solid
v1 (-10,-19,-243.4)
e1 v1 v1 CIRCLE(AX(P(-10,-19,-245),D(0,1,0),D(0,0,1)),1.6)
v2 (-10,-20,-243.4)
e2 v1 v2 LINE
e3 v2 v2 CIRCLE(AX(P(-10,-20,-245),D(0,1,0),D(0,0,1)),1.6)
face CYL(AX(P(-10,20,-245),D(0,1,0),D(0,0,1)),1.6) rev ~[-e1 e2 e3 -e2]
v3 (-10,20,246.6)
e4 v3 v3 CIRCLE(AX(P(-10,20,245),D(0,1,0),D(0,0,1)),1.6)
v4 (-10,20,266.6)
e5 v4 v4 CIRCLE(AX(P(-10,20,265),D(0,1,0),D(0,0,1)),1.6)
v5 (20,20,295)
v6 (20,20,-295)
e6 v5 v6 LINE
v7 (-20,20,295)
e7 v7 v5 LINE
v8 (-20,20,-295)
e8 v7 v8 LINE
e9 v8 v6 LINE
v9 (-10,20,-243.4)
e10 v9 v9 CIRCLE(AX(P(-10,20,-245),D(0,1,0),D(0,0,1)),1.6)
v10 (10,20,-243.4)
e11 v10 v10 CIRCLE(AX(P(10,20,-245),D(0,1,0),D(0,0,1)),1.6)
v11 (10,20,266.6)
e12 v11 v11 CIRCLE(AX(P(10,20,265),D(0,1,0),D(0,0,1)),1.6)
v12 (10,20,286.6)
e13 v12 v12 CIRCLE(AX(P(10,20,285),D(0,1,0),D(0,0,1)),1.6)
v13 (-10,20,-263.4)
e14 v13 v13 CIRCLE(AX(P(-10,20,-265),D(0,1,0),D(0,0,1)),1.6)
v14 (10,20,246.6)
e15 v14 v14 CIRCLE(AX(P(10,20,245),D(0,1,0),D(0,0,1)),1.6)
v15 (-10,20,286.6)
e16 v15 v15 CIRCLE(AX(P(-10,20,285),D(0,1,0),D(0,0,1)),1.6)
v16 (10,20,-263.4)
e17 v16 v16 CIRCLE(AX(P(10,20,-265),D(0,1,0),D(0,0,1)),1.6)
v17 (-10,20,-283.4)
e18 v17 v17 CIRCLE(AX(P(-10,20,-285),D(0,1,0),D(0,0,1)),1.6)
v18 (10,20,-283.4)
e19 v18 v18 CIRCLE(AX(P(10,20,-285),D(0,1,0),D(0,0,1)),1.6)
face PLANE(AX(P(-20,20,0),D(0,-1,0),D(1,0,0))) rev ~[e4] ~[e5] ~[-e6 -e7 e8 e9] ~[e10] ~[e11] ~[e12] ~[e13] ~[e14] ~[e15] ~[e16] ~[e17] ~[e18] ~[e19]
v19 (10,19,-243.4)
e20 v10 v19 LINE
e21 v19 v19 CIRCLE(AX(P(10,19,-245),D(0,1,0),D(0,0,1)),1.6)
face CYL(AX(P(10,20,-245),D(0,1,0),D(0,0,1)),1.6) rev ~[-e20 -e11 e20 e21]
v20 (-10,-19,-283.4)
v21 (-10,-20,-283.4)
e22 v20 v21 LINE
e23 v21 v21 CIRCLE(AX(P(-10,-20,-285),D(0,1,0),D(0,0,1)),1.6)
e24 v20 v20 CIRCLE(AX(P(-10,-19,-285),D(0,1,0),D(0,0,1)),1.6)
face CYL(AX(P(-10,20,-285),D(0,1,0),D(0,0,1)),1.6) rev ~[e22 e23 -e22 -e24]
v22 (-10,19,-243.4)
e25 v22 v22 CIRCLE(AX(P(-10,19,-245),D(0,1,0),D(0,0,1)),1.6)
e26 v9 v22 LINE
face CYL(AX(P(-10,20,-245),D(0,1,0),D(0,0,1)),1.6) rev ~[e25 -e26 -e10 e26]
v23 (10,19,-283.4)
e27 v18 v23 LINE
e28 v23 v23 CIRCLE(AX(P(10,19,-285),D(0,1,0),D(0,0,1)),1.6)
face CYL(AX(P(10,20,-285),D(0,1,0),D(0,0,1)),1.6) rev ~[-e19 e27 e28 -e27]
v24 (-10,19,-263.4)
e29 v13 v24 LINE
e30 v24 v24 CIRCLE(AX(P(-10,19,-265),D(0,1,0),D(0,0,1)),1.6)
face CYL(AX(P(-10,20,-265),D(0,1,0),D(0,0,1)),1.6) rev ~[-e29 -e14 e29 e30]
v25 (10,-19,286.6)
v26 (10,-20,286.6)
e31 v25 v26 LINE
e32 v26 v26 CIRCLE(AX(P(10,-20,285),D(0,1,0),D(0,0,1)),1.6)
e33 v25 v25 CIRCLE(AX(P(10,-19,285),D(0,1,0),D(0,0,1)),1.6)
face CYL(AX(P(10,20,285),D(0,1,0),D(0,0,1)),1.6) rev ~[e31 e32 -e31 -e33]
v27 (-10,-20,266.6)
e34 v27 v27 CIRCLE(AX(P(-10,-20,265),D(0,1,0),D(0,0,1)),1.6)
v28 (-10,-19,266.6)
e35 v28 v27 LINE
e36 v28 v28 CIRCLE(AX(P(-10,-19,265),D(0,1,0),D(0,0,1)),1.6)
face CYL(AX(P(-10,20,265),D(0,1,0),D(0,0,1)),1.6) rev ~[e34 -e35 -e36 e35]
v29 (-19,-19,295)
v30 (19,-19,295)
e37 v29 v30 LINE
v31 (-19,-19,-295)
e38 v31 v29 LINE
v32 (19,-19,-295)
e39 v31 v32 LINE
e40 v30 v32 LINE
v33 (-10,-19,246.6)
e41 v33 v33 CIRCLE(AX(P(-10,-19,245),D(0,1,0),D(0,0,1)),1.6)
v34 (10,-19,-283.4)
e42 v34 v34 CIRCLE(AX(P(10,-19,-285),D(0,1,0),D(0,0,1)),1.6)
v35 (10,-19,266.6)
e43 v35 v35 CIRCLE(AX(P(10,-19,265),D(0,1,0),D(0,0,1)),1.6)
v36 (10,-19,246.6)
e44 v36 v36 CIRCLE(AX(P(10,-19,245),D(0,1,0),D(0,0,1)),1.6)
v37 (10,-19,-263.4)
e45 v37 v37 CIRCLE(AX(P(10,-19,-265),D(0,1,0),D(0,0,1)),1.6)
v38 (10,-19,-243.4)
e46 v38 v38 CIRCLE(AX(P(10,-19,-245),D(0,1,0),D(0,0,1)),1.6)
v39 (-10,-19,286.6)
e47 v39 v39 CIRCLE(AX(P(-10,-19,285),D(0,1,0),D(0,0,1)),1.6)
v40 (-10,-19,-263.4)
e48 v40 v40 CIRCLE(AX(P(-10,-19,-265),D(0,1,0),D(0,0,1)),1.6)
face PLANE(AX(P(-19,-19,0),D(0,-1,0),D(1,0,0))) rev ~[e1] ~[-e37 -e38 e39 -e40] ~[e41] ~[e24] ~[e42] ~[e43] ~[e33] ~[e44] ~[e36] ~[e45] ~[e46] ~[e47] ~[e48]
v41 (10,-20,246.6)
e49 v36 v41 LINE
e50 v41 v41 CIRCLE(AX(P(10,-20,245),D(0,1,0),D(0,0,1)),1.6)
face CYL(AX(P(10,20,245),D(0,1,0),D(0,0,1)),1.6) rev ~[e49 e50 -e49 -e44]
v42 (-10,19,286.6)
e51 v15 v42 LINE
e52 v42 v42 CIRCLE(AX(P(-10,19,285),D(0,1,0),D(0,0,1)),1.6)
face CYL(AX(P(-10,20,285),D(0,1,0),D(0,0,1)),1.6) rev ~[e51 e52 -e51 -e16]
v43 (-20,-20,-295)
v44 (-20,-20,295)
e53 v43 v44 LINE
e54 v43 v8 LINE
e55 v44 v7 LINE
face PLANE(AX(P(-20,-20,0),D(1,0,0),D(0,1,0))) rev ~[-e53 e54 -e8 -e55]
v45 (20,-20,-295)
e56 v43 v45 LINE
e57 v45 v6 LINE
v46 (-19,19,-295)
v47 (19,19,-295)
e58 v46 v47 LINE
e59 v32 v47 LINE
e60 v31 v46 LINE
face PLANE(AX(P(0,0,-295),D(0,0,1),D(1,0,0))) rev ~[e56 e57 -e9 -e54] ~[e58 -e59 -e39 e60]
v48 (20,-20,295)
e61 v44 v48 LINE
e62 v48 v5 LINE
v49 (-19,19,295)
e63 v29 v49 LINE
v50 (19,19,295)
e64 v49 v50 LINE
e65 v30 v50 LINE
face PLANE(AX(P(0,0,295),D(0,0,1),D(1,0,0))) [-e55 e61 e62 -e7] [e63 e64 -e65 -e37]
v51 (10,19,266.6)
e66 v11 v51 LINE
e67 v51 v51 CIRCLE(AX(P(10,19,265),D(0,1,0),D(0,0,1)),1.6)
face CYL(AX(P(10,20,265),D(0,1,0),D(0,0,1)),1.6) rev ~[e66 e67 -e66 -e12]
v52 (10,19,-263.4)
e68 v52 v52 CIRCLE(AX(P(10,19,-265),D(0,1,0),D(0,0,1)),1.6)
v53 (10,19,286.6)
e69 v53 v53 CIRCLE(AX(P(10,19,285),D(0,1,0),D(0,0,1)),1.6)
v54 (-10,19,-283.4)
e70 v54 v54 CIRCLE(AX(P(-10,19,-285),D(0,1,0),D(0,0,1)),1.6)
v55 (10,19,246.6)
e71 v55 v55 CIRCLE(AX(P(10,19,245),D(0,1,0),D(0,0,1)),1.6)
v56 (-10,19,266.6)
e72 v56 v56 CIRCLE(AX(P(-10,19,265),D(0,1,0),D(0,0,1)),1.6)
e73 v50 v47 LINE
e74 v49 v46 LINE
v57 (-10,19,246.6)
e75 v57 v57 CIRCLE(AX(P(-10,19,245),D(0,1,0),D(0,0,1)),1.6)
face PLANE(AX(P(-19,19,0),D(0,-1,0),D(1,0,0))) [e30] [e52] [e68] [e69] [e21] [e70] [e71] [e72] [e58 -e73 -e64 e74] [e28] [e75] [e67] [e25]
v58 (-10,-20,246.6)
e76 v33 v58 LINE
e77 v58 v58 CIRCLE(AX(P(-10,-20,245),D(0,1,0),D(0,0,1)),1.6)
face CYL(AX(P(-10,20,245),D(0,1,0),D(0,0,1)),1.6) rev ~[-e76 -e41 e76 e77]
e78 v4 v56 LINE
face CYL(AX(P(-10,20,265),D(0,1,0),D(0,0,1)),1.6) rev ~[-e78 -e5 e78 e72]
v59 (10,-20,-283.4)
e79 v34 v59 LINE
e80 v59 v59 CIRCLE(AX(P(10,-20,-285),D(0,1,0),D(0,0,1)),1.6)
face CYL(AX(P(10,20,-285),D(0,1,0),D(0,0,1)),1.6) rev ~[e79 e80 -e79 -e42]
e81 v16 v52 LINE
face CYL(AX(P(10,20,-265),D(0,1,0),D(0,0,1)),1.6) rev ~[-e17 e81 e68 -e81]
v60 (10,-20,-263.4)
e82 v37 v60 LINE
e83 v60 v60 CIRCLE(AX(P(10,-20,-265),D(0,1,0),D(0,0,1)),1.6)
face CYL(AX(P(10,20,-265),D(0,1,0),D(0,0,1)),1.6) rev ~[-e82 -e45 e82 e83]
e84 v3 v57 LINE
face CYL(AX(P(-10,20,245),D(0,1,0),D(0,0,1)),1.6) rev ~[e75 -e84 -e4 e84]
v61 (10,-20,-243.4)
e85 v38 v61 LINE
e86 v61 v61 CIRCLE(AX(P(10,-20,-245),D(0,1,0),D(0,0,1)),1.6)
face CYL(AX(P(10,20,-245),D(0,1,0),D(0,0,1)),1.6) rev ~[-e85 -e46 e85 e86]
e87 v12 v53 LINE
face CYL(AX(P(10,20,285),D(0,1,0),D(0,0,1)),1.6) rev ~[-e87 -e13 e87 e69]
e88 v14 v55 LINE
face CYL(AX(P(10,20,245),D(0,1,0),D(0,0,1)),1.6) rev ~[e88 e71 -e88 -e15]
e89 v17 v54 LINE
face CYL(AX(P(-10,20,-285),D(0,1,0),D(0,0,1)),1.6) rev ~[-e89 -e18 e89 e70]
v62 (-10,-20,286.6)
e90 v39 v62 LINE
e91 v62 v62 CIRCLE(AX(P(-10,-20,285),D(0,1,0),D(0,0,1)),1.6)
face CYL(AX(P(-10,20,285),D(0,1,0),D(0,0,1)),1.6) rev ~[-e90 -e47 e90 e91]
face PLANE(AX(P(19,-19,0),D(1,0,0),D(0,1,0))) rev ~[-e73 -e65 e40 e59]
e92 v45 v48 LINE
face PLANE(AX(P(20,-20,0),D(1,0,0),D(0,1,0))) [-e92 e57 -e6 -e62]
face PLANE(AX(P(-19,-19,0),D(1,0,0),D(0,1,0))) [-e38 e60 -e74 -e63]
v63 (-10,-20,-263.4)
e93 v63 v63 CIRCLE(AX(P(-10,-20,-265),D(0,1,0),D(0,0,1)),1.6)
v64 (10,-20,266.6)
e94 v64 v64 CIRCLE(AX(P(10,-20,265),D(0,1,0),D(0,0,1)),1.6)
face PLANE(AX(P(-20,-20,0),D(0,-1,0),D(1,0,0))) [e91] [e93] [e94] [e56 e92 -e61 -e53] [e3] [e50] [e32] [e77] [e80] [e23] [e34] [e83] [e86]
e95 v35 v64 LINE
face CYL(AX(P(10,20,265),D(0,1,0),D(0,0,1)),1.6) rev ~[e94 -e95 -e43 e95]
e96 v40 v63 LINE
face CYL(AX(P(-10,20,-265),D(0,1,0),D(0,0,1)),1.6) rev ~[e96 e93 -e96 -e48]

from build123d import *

# Parameters (mm, degrees)
SKETCH_1_W          = 40
SKETCH_1_H          = 40
SKETCH_1_W_2        = 38
SKETCH_1_H_2        = 38
EXTRUDE_1_DEPTH     = 295
SKETCH_3_R          = 1.6
CUT_EXTRUDE_2_DEPTH = 60


with BuildPart() as part:
    # 草图1 → 凸台-拉伸1 (new, symmetric)
    with BuildSketch(Plane.XY):
        Rectangle(SKETCH_1_W, SKETCH_1_H)
        Rectangle(SKETCH_1_W_2, SKETCH_1_H_2, mode=Mode.SUBTRACT)
    extrude(amount=EXTRUDE_1_DEPTH, both=True)

    # 草图3 → 切除-拉伸2 (cut)
    with BuildSketch(Plane(origin=(0, 20, 0), x_dir=(1, 0, 0), z_dir=(0, 1, 0))):
        with Locations(Location((-10, 245, 0), (0, 0, 270))):
            Circle(SKETCH_3_R)
        with Locations(Location((10, 245, 0), (0, 0, 270))):
            Circle(SKETCH_3_R)
        with Locations(Location((10, 265, 0), (0, 0, 270))):
            Circle(SKETCH_3_R)
        with Locations(Location((-10, 265, 0), (0, 0, 270))):
            Circle(SKETCH_3_R)
        with Locations(Location((-10, 285, 0), (0, 0, 270))):
            Circle(SKETCH_3_R)
        with Locations(Location((10, 285, 0), (0, 0, 270))):
            Circle(SKETCH_3_R)
        with Locations(Location((10, -285, 0), (0, 0, 270))):
            Circle(SKETCH_3_R)
        with Locations(Location((-10, -285, 0), (0, 0, 270))):
            Circle(SKETCH_3_R)
        with Locations(Location((-10, -265, 0), (0, 0, 270))):
            Circle(SKETCH_3_R)
        with Locations(Location((10, -265, 0), (0, 0, 270))):
            Circle(SKETCH_3_R)
        with Locations(Location((10, -245, 0), (0, 0, 270))):
            Circle(SKETCH_3_R)
        with Locations(Location((-10, -245, 0), (0, 0, 270))):
            Circle(SKETCH_3_R)
    extrude(amount=-CUT_EXTRUDE_2_DEPTH, mode=Mode.SUBTRACT)


solid = part.part
